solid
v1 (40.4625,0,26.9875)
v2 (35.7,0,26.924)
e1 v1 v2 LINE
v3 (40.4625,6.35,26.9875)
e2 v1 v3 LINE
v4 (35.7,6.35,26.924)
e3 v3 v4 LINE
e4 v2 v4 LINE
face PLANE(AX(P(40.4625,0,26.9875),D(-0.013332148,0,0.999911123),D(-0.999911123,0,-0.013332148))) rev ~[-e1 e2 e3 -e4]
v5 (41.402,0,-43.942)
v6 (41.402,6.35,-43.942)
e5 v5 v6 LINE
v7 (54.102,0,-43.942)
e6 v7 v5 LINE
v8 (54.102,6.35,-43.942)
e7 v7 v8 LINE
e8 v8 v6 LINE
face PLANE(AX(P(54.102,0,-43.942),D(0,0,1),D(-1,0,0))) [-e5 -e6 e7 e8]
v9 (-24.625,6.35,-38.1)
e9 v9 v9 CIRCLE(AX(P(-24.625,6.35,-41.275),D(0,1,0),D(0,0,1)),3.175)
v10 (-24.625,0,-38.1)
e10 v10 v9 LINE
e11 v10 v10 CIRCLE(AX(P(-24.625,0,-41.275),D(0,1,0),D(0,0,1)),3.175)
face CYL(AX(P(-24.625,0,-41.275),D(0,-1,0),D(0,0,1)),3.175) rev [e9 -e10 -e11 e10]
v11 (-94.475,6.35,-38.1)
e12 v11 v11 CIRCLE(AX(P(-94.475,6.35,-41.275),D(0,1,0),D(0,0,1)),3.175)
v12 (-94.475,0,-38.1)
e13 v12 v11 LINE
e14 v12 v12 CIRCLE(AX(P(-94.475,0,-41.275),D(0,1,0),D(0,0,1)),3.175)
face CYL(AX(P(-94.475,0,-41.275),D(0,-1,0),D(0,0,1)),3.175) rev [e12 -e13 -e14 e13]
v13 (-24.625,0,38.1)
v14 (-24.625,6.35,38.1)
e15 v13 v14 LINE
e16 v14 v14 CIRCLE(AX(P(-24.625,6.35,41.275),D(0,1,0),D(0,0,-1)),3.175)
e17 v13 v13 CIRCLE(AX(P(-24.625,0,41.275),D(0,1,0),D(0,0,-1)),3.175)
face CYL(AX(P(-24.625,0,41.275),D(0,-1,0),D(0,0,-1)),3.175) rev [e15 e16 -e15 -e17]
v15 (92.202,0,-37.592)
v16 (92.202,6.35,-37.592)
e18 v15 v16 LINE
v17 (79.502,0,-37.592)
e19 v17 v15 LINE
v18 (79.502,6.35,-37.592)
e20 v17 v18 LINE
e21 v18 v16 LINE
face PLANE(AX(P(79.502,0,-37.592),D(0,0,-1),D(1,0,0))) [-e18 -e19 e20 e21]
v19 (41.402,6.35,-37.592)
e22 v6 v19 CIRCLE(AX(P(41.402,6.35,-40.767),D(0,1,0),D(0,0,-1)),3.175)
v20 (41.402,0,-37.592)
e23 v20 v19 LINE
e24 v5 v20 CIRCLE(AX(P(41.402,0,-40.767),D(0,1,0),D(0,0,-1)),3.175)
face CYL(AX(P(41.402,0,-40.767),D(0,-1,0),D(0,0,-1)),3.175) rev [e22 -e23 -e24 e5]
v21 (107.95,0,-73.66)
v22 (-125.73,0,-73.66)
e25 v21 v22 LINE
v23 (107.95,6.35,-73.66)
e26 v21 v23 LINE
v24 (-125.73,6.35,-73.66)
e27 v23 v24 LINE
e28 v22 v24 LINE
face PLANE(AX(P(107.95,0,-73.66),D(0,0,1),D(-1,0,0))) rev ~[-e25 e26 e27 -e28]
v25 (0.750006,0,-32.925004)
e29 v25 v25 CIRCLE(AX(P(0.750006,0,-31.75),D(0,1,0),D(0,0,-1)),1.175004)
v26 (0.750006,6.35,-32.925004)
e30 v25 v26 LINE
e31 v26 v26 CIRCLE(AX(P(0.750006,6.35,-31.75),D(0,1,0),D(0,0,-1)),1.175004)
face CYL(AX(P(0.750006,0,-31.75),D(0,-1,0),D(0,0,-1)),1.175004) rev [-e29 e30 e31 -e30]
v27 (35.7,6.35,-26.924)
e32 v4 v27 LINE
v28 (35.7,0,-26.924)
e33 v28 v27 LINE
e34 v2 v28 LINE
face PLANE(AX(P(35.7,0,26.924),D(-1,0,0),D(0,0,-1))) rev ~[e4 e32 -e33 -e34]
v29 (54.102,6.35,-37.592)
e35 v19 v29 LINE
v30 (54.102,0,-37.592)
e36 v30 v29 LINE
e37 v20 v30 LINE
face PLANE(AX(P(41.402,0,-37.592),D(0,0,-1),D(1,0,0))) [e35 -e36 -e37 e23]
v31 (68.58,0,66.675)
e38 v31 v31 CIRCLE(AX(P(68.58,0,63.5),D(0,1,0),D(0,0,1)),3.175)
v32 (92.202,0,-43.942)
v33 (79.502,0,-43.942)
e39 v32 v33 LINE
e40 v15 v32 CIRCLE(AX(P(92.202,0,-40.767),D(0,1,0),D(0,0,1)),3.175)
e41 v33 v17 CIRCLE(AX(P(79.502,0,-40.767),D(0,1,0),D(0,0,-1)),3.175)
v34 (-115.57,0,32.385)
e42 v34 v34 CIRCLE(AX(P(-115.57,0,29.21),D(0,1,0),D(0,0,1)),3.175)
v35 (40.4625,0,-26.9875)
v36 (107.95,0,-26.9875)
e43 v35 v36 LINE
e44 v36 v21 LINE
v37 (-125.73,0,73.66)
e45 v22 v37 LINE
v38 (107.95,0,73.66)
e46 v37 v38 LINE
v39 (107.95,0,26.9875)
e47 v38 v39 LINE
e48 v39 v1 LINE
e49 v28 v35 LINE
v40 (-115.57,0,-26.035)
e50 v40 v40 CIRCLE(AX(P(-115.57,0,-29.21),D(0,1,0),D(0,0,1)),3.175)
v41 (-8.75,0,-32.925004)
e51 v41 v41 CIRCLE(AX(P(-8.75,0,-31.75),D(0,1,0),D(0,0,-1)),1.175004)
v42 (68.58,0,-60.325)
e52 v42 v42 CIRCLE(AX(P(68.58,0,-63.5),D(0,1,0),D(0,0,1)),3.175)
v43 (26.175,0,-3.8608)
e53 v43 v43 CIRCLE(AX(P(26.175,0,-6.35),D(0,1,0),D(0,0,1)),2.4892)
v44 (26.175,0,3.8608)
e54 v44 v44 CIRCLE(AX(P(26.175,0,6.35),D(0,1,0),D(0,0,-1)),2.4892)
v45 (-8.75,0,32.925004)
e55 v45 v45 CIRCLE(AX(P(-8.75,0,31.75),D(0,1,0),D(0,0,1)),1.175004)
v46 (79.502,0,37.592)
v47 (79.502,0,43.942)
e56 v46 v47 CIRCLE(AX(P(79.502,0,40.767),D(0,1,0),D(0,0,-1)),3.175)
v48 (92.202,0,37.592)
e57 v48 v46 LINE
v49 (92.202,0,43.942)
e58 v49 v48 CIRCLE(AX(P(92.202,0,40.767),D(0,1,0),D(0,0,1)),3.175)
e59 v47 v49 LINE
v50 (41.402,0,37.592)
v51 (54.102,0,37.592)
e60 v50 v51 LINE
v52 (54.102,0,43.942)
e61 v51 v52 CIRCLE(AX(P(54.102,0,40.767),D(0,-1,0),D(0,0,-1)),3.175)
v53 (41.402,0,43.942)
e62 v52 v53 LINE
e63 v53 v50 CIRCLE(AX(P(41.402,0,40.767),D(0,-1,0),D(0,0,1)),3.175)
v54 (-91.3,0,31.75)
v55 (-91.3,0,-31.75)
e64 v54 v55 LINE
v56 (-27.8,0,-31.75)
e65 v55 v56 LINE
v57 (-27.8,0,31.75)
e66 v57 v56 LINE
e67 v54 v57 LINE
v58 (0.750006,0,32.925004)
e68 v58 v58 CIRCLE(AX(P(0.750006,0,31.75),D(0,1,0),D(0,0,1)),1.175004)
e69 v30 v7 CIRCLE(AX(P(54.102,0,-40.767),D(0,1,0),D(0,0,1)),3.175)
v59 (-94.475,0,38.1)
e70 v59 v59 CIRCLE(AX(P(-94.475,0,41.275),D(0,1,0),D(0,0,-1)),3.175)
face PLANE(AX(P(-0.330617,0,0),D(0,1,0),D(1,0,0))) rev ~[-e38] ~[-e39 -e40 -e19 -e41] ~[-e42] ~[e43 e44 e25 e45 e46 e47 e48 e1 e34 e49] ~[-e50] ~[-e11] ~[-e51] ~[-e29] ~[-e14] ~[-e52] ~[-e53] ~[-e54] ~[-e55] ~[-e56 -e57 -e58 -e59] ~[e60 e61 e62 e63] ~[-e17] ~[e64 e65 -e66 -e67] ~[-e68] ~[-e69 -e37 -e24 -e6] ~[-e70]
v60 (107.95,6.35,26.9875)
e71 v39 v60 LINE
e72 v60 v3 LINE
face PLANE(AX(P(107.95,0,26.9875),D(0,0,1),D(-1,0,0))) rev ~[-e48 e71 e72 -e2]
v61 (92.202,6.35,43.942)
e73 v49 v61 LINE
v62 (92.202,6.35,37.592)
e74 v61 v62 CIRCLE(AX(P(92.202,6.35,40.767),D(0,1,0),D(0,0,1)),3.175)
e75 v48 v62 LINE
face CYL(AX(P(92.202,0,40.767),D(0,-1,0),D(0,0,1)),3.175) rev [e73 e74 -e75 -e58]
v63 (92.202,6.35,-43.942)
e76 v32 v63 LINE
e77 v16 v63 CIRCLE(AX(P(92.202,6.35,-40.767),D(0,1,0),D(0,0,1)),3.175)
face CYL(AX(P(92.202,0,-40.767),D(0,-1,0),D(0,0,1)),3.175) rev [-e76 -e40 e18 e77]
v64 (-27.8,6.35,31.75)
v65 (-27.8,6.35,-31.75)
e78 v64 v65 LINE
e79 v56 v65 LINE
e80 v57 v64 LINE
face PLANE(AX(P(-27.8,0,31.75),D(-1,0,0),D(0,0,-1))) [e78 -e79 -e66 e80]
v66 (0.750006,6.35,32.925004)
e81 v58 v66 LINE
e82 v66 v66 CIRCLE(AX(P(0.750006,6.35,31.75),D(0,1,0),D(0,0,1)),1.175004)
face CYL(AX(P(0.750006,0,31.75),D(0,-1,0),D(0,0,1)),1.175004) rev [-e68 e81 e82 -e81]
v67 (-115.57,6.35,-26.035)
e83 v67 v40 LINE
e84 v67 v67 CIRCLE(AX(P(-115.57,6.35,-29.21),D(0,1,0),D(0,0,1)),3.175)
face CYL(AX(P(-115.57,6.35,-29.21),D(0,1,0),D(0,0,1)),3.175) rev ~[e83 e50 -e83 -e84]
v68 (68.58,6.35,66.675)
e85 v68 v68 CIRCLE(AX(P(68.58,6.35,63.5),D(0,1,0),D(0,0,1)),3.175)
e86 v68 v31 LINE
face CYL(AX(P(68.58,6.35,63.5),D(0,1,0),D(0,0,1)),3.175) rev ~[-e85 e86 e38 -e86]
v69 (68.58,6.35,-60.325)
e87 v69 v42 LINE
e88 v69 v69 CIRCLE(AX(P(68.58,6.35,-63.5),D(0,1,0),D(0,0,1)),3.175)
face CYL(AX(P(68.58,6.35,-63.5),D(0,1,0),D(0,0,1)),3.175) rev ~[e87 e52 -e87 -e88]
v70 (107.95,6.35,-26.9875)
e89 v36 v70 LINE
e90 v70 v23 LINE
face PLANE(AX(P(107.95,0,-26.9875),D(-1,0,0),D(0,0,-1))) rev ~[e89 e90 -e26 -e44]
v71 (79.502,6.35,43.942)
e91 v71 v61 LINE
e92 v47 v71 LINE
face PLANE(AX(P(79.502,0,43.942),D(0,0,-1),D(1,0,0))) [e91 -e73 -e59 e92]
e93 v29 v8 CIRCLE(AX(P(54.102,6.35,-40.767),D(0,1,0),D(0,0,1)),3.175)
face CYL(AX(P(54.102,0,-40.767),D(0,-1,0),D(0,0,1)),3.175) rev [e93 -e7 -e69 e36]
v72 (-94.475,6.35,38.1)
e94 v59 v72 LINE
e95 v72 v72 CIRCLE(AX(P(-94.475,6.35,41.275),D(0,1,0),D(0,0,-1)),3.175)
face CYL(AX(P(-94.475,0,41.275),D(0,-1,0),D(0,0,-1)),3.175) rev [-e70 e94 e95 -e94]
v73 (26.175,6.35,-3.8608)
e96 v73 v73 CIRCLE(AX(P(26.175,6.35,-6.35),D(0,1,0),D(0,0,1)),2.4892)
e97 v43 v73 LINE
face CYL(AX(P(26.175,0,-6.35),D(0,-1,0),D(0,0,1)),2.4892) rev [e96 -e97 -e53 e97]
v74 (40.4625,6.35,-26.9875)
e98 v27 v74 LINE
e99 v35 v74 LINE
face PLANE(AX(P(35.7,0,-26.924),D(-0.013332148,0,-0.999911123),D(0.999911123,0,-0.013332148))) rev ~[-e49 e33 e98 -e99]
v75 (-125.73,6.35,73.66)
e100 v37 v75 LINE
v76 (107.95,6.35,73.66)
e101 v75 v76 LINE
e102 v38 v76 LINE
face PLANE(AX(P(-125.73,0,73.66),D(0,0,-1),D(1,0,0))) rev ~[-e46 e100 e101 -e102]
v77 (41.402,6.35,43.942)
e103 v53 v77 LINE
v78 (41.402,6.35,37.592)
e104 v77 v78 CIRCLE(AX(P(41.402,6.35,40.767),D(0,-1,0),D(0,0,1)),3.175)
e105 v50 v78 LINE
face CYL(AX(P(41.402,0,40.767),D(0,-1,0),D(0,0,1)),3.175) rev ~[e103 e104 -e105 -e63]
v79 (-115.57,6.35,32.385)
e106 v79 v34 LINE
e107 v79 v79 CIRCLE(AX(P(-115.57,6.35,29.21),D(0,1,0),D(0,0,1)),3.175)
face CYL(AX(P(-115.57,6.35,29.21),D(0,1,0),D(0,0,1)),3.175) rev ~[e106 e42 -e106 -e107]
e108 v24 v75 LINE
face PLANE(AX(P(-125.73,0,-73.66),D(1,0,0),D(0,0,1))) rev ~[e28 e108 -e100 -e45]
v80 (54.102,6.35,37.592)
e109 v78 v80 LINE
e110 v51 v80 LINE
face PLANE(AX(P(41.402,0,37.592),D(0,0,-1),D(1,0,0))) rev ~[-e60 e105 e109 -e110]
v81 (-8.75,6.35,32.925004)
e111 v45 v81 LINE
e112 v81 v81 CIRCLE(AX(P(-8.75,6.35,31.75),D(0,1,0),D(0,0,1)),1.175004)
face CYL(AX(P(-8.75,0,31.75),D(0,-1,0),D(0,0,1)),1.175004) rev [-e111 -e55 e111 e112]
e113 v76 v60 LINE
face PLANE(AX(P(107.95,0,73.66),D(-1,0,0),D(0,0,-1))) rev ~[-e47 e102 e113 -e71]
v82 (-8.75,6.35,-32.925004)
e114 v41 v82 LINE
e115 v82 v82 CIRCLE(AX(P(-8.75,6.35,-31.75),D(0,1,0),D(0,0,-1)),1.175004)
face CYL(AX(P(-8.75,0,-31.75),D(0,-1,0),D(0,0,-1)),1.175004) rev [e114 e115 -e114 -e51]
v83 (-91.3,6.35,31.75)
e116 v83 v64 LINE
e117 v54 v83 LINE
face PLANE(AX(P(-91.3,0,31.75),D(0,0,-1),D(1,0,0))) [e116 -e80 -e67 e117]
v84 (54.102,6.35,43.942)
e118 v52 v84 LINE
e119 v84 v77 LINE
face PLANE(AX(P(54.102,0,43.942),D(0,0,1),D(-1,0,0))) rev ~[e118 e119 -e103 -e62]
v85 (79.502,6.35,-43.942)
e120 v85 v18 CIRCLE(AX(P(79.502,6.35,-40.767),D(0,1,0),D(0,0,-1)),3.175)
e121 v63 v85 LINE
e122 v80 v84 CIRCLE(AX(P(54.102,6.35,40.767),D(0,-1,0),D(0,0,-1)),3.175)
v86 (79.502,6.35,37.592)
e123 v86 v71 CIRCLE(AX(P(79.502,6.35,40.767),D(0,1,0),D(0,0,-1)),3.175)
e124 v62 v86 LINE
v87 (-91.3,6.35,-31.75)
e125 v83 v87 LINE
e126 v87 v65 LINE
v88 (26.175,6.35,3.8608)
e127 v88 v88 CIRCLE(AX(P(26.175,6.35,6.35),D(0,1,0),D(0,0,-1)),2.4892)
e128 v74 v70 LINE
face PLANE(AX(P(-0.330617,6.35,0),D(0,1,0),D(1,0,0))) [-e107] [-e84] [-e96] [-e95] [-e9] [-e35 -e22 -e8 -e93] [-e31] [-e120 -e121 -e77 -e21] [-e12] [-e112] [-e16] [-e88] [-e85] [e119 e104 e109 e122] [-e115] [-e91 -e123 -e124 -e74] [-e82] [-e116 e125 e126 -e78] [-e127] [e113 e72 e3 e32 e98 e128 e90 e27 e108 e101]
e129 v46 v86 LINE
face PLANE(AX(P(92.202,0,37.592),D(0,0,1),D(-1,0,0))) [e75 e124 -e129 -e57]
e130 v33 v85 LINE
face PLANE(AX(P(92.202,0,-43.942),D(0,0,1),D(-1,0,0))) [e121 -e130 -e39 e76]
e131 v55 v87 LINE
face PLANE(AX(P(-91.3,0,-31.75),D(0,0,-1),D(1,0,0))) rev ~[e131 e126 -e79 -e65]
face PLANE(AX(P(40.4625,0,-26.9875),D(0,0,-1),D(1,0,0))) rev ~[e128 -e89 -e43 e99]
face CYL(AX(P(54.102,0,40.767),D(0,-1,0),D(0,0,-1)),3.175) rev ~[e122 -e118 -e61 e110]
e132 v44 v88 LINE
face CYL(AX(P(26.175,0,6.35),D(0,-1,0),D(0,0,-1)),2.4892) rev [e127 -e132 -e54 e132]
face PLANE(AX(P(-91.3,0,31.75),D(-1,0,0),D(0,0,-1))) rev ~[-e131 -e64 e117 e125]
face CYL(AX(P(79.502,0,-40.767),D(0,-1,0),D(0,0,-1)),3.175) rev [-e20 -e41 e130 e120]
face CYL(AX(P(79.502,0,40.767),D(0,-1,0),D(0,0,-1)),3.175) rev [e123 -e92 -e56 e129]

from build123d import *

# Parameters (mm, degrees)
SKETCH1_R           = 1.175004
SKETCH1_R_2         = 2.4892
SKETCH1_R_3         = 3.175
SKETCH1_W           = 63.5
SKETCH1_H           = 63.5
BOSS_EXTRUDE1_DEPTH = 6.35
SKETCH3_R           = 3.175
CUT_EXTRUDE1_DEPTH  = 6.35


with BuildPart() as part:
    # Sketch1 → Boss-Extrude1 (new body)
    with BuildSketch(Plane(origin=(0, 0, 0), x_dir=(1, 0, 0), z_dir=(0, 1, 0))):
        Polygon((-107.95, -73.66), (107.95, -73.66), (107.95, -26.9875), (40.462499974, -26.9875), (35.699999974, -26.924), (35.699999974, 26.924), (40.462499974, 26.9875), (107.95, 26.9875), (107.95, 73.66), (-107.95, 73.66), (-125.73, 73.66), (-125.73, -73.66), align=None)
        with Locations(Location((0.750006374, -31.75, 0), (0, 0, 270))):
            Circle(SKETCH1_R, mode=Mode.SUBTRACT)
        with Locations(Location((26.174999974, 6.35, 0), (0, 0, 270))):
            Circle(SKETCH1_R_2, mode=Mode.SUBTRACT)
        with Locations(Location((26.174999974, -6.35, 0), (0, 0, 90))):
            Circle(SKETCH1_R_2, mode=Mode.SUBTRACT)
        with Locations(Location((-8.750000026, -31.75, 0), (0, 0, 270))):
            Circle(SKETCH1_R, mode=Mode.SUBTRACT)
        with Locations(Location((-94.475000026, -41.275, 0), (0, 0, 90))):
            Circle(SKETCH1_R_3, mode=Mode.SUBTRACT)
        with Locations(Location((-24.625000026, -41.275, 0), (0, 0, 90))):
            Circle(SKETCH1_R_3, mode=Mode.SUBTRACT)
        with Locations(Location((-8.750000026, 31.75, 0), (0, 0, 90))):
            Circle(SKETCH1_R, mode=Mode.SUBTRACT)
        with Locations(Location((-94.475000026, 41.275, 0), (0, 0, 270))):
            Circle(SKETCH1_R_3, mode=Mode.SUBTRACT)
        with Locations(Location((-24.625000026, 41.275, 0), (0, 0, 270))):
            Circle(SKETCH1_R_3, mode=Mode.SUBTRACT)
        with Locations(Location((0.750006374, 31.75, 0), (0, 0, 90))):
            Circle(SKETCH1_R, mode=Mode.SUBTRACT)
        with BuildLine():
            Line((79.502, 37.592), (92.202, 37.592))
            ThreePointArc((92.202, 37.592), (95.377, 40.767), (92.202, 43.942))
            Line((92.202, 43.942), (79.502, 43.942))
            ThreePointArc((79.502, 43.942), (76.327, 40.767), (79.502, 37.592))
        make_face(mode=Mode.SUBTRACT)
        with BuildLine():
            Line((41.402, 37.592), (54.102, 37.592))
            ThreePointArc((54.102, 37.592), (57.277, 40.767), (54.102, 43.942))
            Line((54.102, 43.942), (41.402, 43.942))
            ThreePointArc((41.402, 43.942), (38.227, 40.767), (41.402, 37.592))
        make_face(mode=Mode.SUBTRACT)
        with BuildLine():
            Line((79.502, -43.942), (92.202, -43.942))
            ThreePointArc((92.202, -43.942), (95.377, -40.767), (92.202, -37.592))
            Line((92.202, -37.592), (79.502, -37.592))
            ThreePointArc((79.502, -37.592), (76.327, -40.767), (79.502, -43.942))
        make_face(mode=Mode.SUBTRACT)
        with BuildLine():
            Line((41.402, -37.592), (54.102, -37.592))
            ThreePointArc((54.102, -37.592), (57.277, -40.767), (54.102, -43.942))
            Line((54.102, -43.942), (41.402, -43.942))
            ThreePointArc((41.402, -43.942), (38.227, -40.767), (41.402, -37.592))
        make_face(mode=Mode.SUBTRACT)
        with Locations((-59.550000026, 0)):
            Rectangle(SKETCH1_W, SKETCH1_H, mode=Mode.SUBTRACT)
    extrude(amount=BOSS_EXTRUDE1_DEPTH)

    # Sketch3 → Cut-Extrude1 (cut)
    with BuildSketch(Plane(origin=(0, 6.35, 0), x_dir=(1, 0, 0), z_dir=(0, 1, 0))):
        with Locations(Location((-115.57, 29.21, 0), (0, 0, 270))):
            Circle(SKETCH3_R)
        with Locations(Location((-115.57, -29.21, 0), (0, 0, 270))):
            Circle(SKETCH3_R)
        with Locations(Location((68.58, 63.5, 0), (0, 0, 270))):
            Circle(SKETCH3_R)
        with Locations(Location((68.58, -63.5, 0), (0, 0, 270))):
            Circle(SKETCH3_R)
    extrude(amount=-CUT_EXTRUDE1_DEPTH, mode=Mode.SUBTRACT)


solid = part.part
